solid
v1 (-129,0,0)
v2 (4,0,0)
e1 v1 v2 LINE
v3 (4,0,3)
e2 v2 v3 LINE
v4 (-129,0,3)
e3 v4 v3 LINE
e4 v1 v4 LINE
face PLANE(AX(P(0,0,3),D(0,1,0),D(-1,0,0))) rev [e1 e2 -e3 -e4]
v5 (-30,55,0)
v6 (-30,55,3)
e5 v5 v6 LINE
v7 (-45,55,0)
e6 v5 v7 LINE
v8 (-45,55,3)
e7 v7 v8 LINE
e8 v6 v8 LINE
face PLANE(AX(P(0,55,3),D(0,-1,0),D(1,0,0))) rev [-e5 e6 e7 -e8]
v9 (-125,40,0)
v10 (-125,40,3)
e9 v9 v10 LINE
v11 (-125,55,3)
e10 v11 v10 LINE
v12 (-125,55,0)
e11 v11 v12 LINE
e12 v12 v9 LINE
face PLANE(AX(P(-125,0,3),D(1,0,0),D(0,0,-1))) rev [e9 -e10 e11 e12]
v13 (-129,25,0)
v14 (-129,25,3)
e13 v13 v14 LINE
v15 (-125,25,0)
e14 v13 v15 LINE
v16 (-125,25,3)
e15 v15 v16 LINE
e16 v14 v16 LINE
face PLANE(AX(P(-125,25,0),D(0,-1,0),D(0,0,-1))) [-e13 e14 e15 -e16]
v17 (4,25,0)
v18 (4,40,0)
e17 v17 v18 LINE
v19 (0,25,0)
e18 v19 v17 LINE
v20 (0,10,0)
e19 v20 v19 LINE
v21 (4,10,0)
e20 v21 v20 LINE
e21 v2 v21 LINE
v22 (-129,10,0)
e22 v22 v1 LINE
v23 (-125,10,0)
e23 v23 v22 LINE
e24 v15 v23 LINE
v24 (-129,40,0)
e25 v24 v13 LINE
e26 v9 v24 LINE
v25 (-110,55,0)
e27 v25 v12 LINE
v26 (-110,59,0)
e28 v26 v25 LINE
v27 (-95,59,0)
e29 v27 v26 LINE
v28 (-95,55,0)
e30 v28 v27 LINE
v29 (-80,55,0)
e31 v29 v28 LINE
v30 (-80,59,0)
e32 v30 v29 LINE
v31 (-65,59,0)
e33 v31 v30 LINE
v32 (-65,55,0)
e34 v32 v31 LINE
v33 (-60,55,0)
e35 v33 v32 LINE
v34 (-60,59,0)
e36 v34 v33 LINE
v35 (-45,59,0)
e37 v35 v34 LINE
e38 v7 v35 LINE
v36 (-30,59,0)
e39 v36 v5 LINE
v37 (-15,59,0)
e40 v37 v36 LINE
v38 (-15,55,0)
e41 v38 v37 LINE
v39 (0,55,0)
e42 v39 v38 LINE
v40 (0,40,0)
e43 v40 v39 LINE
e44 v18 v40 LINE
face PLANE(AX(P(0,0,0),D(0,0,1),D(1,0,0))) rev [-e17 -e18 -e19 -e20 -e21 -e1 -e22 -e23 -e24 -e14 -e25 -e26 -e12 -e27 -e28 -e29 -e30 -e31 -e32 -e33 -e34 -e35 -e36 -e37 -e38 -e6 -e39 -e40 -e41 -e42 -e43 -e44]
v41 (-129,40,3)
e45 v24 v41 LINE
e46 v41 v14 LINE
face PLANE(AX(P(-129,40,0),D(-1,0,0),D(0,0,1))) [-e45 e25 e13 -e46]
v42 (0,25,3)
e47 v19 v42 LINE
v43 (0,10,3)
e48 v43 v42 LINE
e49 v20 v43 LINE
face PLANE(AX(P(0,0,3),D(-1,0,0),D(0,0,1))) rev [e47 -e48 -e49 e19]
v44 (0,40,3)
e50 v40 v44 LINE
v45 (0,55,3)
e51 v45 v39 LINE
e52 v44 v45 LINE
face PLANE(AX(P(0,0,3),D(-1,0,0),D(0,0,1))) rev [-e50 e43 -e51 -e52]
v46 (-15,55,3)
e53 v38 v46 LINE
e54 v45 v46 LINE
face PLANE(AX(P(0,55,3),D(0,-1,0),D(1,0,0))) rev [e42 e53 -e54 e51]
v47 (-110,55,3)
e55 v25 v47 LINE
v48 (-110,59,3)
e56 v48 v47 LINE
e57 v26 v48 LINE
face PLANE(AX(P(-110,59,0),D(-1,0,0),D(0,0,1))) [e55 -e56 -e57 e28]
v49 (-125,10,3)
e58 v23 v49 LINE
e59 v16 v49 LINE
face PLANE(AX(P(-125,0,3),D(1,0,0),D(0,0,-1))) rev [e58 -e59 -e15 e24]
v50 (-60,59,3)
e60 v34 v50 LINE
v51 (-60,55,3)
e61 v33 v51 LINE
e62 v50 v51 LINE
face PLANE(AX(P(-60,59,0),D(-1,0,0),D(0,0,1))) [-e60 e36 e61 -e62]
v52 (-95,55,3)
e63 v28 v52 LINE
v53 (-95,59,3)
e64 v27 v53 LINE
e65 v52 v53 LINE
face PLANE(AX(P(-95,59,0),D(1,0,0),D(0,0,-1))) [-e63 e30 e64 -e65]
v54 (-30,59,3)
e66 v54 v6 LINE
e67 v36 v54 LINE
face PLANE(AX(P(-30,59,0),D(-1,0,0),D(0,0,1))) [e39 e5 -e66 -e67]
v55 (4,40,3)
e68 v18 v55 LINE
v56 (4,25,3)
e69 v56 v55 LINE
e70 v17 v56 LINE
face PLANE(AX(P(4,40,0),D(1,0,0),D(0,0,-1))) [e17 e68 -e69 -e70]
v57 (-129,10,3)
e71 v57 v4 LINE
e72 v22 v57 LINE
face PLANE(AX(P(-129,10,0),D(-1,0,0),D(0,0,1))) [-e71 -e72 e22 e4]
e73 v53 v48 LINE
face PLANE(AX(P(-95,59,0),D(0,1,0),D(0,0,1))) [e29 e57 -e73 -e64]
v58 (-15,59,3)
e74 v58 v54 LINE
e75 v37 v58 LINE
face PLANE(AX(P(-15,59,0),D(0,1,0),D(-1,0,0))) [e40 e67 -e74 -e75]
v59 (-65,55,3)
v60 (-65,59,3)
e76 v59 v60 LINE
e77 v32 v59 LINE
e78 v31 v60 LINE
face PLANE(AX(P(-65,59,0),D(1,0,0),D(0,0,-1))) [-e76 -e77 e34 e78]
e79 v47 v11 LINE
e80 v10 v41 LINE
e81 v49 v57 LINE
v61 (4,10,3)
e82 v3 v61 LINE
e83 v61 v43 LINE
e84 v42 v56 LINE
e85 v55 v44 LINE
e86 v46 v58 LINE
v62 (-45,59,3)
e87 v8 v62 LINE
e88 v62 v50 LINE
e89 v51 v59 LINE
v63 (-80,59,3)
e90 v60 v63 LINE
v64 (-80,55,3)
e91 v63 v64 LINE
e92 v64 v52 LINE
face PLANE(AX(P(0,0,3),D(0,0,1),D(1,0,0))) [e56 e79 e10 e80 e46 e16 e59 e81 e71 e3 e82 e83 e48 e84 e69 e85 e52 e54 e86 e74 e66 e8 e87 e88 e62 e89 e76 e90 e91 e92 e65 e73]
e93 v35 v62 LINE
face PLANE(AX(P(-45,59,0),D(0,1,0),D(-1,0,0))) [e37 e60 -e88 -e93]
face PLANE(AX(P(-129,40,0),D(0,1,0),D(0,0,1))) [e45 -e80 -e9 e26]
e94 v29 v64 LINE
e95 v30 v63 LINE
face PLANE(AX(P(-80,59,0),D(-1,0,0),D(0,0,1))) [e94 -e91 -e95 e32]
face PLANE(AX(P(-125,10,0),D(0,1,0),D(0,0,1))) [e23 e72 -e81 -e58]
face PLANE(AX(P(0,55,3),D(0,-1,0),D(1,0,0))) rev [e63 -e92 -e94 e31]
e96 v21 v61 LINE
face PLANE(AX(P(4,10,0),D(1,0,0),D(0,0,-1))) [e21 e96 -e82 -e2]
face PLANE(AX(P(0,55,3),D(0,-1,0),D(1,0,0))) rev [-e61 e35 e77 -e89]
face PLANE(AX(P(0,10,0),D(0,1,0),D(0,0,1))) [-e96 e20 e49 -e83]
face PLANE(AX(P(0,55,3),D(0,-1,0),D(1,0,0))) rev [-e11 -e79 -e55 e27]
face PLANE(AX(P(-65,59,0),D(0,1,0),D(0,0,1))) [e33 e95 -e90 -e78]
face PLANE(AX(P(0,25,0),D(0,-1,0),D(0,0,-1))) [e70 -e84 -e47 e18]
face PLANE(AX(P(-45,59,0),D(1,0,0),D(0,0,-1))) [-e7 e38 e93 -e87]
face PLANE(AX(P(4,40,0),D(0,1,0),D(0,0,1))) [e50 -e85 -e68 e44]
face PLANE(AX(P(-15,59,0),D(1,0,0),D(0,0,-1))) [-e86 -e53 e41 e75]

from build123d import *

# Parameters (mm, degrees)
SKETCH1_W           = 125
SKETCH1_H           = 55
BOSS_EXTRUDE1_DEPTH = 3
SKETCH2_W           = 4
SKETCH2_H           = 10
SKETCH2_H_2         = 15
SKETCH2_W_2         = 15
SKETCH2_H_3         = 4
BOSS_EXTRUDE2_DEPTH = 3


with BuildPart() as part:
    # Sketch1 → Boss-Extrude1 (new body)
    with BuildSketch(Plane.XY):
        with Locations((-62.5, 27.5)):
            Rectangle(SKETCH1_W, SKETCH1_H)
    extrude(amount=BOSS_EXTRUDE1_DEPTH)

    # Sketch2 → Boss-Extrude2 (add)
    with BuildSketch(Plane.XY.offset(3)):
        with Locations((-127, 5)):
            Rectangle(SKETCH2_W, SKETCH2_H)
        with Locations((2, 5)):
            Rectangle(SKETCH2_W, SKETCH2_H)
        with Locations((2, 32.5)):
            Rectangle(SKETCH2_W, SKETCH2_H_2)
        with Locations((-127, 32.5)):
            Rectangle(SKETCH2_W, SKETCH2_H_2)
        with Locations((-72.5, 57)):
            Rectangle(SKETCH2_W_2, SKETCH2_H_3)
        with Locations((-22.5, 57)):
            Rectangle(SKETCH2_W_2, SKETCH2_H_3)
        with Locations((-102.5, 57)):
            Rectangle(SKETCH2_W_2, SKETCH2_H_3)
        with Locations((-52.5, 57)):
            Rectangle(SKETCH2_W_2, SKETCH2_H_3)
    extrude(amount=-BOSS_EXTRUDE2_DEPTH)


solid = part.part
